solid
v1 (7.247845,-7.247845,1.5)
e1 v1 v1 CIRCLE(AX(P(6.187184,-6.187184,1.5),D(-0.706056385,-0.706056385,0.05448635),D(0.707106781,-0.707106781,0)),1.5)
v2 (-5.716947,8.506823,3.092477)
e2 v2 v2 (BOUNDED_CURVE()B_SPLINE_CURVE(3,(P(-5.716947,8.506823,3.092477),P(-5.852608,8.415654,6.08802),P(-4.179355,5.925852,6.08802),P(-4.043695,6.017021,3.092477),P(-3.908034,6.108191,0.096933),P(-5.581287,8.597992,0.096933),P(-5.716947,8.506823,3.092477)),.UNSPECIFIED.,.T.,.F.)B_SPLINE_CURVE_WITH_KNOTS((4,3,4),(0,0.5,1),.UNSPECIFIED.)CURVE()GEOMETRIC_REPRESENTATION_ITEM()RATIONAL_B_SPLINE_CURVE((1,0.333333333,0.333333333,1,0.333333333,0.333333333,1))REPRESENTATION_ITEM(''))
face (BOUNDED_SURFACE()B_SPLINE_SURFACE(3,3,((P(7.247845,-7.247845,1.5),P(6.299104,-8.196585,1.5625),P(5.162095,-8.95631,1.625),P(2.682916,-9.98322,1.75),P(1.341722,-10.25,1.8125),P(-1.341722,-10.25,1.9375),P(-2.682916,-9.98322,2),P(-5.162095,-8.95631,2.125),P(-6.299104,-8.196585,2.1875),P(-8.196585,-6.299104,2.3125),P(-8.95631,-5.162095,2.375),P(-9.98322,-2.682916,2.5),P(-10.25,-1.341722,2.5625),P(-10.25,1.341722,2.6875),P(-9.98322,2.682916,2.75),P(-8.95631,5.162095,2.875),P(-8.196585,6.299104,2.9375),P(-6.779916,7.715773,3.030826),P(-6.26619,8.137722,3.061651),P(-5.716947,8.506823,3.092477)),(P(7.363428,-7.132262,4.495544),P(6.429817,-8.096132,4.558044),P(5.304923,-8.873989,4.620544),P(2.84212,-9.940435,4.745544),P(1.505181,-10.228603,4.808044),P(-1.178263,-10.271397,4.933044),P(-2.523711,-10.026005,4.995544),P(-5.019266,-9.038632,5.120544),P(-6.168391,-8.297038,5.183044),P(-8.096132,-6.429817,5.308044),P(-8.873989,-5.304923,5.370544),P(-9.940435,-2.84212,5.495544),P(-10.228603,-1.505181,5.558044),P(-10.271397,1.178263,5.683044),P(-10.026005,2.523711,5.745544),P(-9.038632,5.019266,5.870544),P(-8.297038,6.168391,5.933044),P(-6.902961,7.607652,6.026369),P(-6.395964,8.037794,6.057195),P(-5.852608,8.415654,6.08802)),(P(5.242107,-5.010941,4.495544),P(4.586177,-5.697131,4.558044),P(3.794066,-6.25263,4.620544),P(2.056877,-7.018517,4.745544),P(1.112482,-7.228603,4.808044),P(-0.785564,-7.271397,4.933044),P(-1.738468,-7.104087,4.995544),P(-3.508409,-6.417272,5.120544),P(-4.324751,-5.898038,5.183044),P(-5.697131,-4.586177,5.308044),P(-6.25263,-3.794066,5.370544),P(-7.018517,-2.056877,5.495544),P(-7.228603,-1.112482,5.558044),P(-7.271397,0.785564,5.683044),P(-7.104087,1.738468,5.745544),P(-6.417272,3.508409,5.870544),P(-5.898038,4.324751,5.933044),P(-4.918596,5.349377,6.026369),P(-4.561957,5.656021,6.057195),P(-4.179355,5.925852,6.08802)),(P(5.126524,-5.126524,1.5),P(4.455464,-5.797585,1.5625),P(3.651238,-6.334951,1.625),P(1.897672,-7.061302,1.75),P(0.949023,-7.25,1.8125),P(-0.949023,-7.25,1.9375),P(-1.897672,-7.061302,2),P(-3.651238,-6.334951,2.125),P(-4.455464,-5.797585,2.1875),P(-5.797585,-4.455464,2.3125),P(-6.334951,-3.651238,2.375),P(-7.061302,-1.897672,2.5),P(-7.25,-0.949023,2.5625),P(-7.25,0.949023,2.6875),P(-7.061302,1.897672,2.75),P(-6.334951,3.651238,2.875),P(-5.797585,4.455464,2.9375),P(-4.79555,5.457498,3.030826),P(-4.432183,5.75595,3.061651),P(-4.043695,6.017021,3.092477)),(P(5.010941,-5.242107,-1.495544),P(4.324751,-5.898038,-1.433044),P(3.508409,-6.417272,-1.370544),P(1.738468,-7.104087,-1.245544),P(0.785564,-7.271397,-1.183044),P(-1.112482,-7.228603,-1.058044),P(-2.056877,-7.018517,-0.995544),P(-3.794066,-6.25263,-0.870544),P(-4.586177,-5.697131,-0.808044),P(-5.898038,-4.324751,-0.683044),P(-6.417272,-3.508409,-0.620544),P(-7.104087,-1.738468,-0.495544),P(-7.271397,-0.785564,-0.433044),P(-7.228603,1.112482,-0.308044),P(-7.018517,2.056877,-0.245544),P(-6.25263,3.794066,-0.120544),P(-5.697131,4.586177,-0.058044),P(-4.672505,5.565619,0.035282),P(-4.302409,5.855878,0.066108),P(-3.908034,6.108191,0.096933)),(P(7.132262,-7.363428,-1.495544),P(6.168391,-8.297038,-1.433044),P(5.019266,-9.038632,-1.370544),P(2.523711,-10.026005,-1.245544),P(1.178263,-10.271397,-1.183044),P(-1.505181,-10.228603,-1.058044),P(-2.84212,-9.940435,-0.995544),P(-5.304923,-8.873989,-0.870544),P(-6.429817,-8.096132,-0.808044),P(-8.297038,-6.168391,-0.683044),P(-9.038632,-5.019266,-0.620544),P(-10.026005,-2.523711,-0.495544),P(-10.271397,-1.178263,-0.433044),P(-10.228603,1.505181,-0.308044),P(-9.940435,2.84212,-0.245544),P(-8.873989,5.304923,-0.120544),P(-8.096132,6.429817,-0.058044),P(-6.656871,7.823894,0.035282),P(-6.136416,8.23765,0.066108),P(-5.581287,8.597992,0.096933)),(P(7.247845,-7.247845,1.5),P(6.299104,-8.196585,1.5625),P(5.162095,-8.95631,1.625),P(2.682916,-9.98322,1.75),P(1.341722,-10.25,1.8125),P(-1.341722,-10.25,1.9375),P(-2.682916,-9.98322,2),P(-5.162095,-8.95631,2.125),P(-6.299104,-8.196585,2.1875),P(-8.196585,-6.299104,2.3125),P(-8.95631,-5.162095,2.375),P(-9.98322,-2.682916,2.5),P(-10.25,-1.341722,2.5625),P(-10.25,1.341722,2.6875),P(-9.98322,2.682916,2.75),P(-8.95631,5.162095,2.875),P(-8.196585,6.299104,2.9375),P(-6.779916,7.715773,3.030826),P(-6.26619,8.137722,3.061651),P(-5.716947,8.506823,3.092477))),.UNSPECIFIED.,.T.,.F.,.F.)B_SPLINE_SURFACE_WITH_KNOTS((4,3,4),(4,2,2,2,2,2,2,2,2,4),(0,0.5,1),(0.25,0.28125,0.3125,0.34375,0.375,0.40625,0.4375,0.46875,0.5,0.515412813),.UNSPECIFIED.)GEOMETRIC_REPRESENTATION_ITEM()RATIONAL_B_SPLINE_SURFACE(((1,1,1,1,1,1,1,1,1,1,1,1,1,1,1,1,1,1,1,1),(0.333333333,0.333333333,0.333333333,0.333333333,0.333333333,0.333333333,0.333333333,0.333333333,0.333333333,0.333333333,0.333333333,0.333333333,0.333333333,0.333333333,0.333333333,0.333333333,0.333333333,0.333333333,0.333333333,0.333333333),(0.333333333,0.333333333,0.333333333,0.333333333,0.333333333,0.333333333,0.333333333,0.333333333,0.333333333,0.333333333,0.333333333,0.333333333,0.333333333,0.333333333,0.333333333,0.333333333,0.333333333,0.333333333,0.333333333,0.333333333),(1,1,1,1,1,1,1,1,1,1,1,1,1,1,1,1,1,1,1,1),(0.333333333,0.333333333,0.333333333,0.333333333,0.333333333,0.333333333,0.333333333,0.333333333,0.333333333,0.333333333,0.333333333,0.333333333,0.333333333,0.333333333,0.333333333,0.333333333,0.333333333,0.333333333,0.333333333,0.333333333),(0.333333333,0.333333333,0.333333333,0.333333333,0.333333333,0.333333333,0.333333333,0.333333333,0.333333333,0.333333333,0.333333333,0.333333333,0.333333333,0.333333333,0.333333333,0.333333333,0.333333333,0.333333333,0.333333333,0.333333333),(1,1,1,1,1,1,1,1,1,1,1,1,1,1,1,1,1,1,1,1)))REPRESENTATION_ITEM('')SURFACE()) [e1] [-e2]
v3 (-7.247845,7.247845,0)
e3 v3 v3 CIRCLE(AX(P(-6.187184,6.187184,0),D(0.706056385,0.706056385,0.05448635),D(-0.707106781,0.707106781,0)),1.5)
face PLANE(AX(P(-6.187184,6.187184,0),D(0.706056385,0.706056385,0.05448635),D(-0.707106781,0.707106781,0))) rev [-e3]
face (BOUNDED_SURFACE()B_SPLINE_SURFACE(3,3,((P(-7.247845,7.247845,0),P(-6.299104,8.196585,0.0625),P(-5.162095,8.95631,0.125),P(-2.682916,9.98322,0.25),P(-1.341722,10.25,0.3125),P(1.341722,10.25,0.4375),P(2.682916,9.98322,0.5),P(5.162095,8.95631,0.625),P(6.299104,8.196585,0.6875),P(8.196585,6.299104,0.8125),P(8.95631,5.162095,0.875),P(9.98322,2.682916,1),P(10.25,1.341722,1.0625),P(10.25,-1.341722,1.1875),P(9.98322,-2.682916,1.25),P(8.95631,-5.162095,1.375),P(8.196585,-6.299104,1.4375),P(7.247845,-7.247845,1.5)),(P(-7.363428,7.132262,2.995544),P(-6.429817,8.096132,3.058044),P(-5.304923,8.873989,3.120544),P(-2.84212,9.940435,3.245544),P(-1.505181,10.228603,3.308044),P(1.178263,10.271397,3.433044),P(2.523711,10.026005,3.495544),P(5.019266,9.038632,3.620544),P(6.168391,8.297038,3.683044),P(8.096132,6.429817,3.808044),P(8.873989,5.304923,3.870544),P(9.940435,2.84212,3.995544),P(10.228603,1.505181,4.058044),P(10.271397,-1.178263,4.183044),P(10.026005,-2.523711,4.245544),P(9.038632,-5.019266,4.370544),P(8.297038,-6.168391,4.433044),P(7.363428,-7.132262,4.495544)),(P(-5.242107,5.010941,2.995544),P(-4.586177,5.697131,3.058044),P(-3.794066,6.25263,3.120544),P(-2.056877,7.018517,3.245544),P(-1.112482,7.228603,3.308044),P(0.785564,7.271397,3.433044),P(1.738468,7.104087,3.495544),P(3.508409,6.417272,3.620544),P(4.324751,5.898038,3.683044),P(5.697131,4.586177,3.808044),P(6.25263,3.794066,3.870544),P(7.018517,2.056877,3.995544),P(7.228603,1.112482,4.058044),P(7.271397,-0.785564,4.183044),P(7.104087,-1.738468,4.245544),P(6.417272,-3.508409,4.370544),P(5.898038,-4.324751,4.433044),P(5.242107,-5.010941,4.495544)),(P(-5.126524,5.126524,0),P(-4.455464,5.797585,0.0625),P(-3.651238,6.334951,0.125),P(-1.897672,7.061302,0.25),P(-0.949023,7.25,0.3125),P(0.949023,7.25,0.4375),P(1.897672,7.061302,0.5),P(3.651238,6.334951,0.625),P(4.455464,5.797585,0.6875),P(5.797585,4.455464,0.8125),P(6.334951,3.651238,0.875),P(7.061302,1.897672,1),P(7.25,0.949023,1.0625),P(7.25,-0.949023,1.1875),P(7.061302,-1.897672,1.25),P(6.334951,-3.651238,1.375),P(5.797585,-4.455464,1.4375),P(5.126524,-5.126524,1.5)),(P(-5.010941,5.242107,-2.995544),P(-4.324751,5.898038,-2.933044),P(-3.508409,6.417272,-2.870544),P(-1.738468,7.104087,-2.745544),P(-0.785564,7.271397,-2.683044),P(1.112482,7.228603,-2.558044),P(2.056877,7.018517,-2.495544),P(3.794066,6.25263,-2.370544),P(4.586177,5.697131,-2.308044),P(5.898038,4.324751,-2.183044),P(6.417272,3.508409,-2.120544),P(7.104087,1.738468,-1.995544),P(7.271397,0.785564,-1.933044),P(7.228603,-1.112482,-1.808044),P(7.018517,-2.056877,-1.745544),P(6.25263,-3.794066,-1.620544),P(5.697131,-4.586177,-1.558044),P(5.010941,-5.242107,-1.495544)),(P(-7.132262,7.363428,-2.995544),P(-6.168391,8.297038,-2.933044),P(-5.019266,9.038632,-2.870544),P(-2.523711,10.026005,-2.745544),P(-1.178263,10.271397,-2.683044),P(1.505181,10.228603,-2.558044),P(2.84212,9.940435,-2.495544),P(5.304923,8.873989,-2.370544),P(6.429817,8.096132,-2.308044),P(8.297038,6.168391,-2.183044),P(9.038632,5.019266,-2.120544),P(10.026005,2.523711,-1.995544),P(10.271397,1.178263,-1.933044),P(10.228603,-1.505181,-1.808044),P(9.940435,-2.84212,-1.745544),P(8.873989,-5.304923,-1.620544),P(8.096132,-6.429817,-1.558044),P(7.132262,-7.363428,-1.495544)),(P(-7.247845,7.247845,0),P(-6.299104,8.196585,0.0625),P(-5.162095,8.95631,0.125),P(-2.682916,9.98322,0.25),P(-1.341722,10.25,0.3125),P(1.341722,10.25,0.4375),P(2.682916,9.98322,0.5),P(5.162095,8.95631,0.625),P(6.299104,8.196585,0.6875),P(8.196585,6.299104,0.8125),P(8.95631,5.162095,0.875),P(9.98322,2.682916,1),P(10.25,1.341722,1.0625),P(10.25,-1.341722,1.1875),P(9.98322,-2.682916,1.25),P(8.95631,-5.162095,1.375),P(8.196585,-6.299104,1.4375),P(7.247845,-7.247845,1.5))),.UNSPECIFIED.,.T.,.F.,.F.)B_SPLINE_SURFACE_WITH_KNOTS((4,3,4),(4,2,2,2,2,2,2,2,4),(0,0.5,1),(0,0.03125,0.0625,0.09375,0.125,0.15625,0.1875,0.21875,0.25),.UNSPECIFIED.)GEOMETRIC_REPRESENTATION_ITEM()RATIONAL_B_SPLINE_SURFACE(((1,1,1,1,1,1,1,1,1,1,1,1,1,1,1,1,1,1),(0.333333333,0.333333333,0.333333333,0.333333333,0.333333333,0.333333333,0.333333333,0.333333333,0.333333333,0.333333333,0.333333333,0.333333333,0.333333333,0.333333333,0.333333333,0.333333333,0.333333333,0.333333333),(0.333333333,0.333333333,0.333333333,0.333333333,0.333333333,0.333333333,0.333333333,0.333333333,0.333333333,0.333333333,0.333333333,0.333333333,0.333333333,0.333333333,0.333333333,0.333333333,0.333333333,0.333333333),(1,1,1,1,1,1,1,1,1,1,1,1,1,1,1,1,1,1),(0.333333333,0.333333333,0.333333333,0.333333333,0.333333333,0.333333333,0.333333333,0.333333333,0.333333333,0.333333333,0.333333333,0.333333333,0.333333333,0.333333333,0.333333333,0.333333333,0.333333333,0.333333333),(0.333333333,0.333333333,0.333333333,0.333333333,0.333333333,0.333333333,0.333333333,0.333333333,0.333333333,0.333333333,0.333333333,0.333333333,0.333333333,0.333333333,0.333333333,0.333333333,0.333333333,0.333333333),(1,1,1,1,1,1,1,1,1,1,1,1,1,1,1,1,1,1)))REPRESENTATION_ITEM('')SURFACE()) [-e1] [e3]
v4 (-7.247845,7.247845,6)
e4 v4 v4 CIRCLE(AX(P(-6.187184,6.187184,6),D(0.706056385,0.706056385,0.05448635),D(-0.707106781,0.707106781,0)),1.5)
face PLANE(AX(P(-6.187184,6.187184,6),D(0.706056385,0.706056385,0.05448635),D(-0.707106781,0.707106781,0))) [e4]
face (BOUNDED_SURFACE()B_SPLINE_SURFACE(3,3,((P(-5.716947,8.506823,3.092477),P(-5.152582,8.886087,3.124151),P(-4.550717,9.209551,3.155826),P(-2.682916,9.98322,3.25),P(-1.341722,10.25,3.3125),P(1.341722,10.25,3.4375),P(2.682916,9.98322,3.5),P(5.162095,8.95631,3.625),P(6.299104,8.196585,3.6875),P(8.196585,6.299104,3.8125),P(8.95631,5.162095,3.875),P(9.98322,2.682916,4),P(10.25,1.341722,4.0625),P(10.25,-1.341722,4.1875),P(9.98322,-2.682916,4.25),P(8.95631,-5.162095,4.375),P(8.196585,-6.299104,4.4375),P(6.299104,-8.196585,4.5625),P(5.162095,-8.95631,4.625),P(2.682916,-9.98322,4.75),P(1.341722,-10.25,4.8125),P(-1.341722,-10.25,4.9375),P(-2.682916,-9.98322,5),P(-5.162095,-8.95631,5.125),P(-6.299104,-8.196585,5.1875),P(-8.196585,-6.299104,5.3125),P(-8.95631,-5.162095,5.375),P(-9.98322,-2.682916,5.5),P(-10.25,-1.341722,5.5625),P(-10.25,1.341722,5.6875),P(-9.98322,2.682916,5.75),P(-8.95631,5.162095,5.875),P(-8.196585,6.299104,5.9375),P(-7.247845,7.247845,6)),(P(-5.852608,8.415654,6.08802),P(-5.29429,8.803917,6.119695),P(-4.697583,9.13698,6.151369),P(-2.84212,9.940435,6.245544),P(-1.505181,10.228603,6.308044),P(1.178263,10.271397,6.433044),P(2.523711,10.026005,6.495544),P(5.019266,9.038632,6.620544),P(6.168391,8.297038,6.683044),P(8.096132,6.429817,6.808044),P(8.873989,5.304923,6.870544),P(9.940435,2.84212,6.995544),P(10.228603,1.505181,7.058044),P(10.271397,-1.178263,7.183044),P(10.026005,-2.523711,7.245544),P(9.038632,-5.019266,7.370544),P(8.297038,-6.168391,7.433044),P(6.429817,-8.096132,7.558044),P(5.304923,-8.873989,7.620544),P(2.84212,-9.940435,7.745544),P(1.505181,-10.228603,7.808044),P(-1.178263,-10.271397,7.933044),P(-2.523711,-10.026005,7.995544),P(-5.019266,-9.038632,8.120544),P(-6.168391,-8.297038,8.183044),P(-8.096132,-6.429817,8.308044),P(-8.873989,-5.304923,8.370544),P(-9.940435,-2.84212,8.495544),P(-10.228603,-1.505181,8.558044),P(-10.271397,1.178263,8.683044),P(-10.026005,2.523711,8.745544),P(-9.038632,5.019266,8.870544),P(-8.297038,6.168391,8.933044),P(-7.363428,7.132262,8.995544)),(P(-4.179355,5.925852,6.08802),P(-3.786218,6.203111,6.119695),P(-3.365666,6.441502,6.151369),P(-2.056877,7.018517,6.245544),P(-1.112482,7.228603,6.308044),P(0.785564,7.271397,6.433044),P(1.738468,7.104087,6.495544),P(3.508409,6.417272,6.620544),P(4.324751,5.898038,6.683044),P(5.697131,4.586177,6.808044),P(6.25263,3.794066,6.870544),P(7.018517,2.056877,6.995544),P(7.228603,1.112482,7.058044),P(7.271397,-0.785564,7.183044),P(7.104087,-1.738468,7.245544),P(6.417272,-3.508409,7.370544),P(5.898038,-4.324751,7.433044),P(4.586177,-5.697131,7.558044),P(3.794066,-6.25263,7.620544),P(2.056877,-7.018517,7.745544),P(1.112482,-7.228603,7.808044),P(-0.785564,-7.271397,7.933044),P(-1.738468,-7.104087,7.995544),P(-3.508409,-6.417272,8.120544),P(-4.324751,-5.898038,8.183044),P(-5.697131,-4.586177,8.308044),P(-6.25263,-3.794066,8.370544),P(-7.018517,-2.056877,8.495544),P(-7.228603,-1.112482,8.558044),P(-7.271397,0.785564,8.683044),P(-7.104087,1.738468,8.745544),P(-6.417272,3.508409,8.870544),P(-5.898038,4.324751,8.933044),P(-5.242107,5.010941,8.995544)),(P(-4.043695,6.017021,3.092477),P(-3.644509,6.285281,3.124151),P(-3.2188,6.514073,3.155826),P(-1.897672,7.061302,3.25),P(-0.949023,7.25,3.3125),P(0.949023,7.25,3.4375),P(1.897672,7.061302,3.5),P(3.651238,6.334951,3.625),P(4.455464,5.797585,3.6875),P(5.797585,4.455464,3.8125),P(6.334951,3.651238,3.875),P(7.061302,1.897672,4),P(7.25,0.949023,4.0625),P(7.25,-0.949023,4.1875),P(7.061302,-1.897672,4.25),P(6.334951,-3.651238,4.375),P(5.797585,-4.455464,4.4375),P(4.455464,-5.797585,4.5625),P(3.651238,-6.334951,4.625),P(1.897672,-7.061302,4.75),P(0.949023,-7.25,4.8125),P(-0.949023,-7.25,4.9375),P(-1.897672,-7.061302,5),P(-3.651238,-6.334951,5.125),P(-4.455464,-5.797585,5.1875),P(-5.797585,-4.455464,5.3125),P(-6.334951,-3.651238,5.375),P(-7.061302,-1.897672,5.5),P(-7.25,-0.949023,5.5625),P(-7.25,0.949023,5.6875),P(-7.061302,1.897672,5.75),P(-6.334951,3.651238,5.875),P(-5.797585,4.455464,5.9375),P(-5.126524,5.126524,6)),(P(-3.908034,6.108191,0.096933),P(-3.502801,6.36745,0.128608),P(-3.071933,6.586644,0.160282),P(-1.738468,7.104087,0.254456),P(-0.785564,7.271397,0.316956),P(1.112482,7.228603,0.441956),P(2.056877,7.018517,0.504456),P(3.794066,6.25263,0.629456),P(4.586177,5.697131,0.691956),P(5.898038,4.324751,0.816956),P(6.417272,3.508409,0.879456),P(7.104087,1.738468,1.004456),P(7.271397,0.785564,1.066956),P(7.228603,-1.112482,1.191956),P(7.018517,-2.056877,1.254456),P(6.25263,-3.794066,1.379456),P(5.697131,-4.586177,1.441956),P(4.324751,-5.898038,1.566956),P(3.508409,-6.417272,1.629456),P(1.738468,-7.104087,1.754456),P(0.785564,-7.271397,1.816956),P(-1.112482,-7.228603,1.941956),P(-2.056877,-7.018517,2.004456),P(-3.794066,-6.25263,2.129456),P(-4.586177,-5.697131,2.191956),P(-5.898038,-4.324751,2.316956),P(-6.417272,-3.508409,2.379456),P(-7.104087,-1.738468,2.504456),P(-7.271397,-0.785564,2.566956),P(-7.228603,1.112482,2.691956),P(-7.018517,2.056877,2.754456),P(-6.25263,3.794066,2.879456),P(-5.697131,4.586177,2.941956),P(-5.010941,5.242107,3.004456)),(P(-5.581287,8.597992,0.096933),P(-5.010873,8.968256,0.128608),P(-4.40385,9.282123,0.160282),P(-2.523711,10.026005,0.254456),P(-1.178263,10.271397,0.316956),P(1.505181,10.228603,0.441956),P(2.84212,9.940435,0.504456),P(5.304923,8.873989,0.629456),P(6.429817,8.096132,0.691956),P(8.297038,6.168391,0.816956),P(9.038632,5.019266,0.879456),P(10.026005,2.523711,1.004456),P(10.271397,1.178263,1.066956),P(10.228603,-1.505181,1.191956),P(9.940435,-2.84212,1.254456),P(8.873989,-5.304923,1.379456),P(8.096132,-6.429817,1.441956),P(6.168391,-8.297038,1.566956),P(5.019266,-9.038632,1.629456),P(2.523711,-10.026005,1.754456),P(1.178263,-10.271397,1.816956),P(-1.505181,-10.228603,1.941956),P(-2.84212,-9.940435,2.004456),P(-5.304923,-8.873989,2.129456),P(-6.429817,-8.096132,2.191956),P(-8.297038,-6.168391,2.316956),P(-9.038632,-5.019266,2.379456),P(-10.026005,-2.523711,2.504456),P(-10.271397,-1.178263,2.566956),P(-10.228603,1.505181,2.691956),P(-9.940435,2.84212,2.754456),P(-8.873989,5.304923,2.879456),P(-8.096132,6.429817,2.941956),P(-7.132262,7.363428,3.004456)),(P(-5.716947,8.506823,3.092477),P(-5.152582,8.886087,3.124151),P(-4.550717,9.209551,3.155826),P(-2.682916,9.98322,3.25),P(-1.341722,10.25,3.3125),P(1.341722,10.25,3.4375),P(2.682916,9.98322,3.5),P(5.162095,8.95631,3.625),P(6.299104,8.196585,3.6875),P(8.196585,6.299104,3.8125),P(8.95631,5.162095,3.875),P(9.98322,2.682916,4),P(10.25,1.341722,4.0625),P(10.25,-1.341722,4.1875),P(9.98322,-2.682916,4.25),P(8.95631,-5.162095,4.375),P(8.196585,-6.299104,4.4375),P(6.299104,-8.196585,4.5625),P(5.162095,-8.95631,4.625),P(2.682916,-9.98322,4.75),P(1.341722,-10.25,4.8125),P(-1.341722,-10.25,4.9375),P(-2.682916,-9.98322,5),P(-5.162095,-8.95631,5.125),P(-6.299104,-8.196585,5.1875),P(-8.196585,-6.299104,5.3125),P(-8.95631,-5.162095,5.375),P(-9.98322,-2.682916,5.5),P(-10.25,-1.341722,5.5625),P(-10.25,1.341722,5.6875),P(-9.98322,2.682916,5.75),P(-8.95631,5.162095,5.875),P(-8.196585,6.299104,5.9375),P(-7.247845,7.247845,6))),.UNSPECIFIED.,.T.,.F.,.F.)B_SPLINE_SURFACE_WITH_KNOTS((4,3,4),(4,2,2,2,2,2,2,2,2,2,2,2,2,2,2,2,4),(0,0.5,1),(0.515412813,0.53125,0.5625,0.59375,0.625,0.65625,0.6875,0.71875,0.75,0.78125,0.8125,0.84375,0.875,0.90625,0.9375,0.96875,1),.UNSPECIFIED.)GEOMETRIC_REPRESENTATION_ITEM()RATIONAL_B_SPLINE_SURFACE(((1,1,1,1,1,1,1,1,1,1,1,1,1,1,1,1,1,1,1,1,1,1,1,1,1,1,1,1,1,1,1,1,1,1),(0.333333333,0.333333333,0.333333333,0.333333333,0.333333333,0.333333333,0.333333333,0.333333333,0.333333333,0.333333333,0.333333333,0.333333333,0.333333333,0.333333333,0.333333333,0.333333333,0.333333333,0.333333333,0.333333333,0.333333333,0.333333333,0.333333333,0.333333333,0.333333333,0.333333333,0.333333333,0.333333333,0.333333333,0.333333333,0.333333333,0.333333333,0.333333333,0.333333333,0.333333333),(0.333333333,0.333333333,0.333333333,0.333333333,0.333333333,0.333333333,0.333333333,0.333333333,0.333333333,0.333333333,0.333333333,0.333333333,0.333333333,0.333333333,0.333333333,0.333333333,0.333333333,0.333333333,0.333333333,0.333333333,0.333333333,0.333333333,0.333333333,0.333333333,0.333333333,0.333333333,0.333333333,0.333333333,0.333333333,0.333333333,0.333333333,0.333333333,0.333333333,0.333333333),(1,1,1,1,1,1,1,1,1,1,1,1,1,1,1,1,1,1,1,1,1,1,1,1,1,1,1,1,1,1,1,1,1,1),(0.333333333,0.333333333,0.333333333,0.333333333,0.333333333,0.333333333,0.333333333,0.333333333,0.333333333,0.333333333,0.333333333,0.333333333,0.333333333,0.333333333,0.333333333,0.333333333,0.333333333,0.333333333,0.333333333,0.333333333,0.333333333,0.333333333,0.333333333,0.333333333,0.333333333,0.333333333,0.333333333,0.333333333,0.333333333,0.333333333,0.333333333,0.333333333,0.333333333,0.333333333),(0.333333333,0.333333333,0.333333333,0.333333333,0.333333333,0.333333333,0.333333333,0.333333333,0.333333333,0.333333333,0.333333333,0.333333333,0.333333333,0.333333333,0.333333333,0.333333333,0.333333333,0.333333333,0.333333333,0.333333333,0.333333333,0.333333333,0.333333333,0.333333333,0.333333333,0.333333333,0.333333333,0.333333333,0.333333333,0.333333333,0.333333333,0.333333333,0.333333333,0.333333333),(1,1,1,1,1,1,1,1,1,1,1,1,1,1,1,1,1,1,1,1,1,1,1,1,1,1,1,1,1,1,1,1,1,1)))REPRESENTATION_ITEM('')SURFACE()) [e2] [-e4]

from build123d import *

# Parameters (mm, degrees)
SWEEP1_PITCH       = 3
SWEEP1_HEIGHT      = 6
SWEEP1_RADIUS      = 8.75
SWEEP1_START_ANGLE = 135
SWEEP1_PROFILE_R   = 1.5


with BuildPart() as part:
    # Sweep1: sweep along a helix
    with BuildLine() as sweep1_path:
        add(Helix(SWEEP1_PITCH, SWEEP1_HEIGHT, SWEEP1_RADIUS, center=(0, 0, 0), direction=(0, 0, 1), lefthand=True, mode=Mode.PRIVATE).rotate(Axis((0, 0, 0), (0, 0, 1)), SWEEP1_START_ANGLE))
    # Sweep1 profile (on start of the path) → Sweep1 (sweep)
    with BuildSketch(Plane(origin=(-6.187184335, 6.187184335, 0), x_dir=(0.707106781, -0.707106781, 0), z_dir=(0.706056385, 0.706056385, 0.05448635))):
        Circle(SWEEP1_PROFILE_R)
    sweep(path=sweep1_path.line, is_frenet=True)


solid = part.part
